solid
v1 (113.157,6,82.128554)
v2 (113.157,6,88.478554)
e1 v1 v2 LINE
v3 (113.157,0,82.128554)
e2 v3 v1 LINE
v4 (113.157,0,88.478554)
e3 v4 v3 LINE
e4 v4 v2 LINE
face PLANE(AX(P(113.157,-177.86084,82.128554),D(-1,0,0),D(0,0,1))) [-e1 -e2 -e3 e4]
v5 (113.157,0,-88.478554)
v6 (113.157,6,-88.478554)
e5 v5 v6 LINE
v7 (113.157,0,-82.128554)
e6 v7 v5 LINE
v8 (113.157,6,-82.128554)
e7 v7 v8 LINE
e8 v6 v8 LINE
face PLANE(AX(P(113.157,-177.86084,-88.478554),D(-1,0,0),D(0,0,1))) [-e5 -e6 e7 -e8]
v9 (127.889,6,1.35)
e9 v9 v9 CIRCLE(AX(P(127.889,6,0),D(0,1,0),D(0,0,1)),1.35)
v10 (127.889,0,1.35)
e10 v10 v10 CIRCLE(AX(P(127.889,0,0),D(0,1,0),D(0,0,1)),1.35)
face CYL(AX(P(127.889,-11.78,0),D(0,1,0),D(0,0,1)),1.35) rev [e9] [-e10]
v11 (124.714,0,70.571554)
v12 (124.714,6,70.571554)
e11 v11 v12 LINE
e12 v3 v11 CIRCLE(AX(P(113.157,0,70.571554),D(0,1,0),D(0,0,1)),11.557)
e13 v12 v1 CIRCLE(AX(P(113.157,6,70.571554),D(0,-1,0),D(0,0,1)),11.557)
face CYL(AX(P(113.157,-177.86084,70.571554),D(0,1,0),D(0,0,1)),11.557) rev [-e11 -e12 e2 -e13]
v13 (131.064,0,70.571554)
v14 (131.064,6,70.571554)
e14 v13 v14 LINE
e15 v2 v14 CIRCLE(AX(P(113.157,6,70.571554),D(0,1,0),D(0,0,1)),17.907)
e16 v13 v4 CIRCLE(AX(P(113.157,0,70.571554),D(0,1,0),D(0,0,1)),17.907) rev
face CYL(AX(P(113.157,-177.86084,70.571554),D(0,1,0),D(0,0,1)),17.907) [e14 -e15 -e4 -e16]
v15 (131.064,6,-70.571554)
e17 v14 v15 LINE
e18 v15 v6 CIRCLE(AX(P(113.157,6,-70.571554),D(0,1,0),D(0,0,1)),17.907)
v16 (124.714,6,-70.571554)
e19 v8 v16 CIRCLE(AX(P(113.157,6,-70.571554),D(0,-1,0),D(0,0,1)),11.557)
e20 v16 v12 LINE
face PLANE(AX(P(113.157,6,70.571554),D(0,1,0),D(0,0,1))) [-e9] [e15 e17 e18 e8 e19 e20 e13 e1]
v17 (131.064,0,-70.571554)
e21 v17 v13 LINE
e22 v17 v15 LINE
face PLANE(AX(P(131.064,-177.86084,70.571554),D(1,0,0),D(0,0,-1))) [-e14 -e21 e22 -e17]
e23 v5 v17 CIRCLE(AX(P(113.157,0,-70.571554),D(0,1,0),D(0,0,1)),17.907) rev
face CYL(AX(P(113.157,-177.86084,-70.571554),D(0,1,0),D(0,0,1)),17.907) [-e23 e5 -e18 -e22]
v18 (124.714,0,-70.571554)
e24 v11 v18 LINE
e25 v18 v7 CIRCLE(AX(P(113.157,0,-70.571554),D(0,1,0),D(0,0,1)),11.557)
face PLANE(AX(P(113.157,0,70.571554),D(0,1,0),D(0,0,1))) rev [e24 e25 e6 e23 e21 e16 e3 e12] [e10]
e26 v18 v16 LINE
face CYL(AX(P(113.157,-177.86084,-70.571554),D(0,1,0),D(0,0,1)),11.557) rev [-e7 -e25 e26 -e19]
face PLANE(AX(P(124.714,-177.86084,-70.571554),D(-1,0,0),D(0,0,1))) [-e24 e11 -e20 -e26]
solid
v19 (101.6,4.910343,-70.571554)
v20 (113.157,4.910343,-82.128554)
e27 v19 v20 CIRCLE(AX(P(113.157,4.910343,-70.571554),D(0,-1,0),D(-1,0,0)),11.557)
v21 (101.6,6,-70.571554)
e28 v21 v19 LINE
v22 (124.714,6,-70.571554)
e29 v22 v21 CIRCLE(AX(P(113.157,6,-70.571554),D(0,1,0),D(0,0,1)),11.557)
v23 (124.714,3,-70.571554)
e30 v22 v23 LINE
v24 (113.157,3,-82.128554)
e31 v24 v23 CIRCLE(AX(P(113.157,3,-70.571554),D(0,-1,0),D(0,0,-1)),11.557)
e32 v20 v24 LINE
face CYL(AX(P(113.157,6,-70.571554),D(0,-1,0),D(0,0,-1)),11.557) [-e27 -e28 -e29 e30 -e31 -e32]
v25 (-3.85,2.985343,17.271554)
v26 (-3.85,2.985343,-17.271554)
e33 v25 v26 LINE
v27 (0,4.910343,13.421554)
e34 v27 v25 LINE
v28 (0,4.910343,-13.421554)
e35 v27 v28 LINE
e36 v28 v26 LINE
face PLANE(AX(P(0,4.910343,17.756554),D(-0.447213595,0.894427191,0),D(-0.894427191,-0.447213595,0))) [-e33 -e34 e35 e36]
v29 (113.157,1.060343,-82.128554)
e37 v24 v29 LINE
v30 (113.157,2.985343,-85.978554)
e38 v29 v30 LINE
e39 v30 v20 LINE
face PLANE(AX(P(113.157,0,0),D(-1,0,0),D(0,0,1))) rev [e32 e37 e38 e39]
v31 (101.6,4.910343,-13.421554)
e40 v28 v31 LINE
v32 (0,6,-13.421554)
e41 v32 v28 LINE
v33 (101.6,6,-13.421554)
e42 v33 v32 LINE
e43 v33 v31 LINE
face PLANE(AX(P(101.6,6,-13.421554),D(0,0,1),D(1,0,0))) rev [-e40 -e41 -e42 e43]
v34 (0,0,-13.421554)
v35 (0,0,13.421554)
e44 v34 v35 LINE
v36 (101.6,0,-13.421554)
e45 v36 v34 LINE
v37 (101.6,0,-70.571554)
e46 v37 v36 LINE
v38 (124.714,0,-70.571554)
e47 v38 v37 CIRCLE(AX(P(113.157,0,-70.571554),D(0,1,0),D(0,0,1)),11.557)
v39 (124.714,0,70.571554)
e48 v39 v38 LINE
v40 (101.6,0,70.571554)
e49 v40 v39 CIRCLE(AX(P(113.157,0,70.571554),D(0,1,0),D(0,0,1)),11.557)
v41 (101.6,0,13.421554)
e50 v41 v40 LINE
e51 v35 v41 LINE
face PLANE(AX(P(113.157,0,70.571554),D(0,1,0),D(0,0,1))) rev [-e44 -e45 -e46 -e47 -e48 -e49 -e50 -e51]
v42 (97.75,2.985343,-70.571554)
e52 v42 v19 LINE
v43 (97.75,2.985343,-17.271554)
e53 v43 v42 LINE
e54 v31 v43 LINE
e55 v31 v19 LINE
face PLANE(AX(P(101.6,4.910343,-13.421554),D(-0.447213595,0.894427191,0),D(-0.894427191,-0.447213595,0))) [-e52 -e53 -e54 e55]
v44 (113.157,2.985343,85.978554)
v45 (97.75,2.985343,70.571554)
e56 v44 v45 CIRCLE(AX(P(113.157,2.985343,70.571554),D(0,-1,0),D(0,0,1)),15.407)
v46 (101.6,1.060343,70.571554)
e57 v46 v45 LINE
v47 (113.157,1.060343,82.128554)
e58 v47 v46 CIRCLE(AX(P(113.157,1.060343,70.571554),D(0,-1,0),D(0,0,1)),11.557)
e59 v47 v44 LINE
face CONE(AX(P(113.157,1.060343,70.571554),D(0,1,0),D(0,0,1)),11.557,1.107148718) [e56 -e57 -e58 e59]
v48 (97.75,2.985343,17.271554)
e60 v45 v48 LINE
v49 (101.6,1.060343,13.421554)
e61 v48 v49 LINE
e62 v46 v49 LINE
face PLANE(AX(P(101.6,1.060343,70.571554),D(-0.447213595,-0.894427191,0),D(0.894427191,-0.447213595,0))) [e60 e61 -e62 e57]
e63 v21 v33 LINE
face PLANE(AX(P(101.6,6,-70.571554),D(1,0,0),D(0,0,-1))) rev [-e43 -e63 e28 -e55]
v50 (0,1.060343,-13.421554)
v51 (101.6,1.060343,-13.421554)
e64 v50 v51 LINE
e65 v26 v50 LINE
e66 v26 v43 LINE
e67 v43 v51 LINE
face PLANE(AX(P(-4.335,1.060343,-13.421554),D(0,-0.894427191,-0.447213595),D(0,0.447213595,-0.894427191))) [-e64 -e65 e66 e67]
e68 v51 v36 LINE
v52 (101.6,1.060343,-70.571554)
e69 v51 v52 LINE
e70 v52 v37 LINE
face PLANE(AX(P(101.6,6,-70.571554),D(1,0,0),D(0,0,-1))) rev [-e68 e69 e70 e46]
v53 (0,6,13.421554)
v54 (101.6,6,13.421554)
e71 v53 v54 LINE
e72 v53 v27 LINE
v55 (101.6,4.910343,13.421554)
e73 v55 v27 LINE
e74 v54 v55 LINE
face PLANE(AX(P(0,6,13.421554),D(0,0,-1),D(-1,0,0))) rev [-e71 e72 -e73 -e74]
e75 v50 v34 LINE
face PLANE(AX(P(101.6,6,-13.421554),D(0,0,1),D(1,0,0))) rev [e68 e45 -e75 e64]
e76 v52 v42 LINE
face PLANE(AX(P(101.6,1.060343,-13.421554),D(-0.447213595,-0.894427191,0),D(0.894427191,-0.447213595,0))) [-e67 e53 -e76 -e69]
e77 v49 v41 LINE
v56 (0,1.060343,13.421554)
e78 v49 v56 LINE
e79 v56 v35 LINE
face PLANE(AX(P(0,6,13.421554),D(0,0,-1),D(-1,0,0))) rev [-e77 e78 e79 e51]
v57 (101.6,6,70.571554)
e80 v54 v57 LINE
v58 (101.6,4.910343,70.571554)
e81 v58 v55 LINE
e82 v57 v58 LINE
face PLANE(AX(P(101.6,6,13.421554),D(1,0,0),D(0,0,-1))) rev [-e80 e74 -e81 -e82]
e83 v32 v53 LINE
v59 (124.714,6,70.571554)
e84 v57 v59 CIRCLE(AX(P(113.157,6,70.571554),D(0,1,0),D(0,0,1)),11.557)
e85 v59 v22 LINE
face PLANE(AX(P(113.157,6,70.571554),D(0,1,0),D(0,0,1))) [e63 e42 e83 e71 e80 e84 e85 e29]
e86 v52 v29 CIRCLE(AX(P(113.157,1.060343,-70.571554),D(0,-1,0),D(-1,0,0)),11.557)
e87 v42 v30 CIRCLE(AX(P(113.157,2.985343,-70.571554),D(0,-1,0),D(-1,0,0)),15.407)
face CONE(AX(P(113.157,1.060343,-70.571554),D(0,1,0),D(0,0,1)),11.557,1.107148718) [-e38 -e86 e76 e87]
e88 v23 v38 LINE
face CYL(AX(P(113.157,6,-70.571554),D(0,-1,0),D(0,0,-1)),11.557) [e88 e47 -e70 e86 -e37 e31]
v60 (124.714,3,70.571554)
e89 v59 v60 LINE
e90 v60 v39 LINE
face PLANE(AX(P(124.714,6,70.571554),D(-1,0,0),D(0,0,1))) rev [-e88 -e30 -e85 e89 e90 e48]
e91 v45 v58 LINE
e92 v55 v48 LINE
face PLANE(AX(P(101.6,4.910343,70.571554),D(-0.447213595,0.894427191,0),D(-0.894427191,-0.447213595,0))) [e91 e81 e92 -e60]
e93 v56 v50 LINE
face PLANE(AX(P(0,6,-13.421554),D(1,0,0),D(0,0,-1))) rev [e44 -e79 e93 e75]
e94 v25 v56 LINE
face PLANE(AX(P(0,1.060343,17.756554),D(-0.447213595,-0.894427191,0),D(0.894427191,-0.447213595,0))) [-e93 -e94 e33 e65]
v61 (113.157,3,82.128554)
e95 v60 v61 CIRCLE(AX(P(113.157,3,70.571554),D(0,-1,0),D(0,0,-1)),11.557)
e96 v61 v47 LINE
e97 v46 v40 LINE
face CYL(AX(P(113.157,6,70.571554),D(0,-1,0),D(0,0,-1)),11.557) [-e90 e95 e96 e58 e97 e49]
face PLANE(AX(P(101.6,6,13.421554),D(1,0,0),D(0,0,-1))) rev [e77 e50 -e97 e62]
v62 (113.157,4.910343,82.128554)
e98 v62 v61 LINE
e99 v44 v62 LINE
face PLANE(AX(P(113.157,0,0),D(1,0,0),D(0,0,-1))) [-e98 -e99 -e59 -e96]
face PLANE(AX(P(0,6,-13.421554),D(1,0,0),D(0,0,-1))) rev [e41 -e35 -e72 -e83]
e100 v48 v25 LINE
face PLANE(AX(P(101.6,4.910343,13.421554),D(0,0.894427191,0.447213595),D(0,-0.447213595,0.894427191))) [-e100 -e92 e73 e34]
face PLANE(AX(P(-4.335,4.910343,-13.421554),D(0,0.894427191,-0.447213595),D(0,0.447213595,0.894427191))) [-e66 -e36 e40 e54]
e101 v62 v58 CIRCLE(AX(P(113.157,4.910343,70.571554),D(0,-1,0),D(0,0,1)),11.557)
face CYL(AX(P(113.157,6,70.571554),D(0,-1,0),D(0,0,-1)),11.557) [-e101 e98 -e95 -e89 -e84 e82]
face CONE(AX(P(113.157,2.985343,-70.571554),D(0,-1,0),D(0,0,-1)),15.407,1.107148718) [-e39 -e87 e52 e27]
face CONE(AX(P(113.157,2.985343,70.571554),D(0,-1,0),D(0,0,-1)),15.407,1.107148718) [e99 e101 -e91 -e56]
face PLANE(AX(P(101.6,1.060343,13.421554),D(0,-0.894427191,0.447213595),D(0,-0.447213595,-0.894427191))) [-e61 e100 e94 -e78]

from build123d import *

# Parameters (mm, degrees)
BOSS_EXTRUDE1_DEPTH = 6
BOSS_EXTRUDE2_DEPTH = 6
SKETCH6_R           = 1.35
CUT_EXTRUDE1_DEPTH  = 17.78


with BuildPart() as part:
    # Sketch1 → Boss-Extrude1 (new body)
    with BuildSketch(Plane(origin=(0, 0, 0), x_dir=(1, 0, 0), z_dir=(0, 1, 0))):
        with BuildLine():
            Line((0, -13.421553628), (101.6, -13.421553628))
            Line((101.6, -13.421553628), (101.6, -70.571553628))
            ThreePointArc((101.6, -70.571553628), (113.157, -82.128553628), (124.714, -70.571553628))
            Line((124.714, -70.571553628), (124.714, 70.571553628))
            ThreePointArc((124.714, 70.571553628), (113.157, 82.128553628), (101.6, 70.571553628))
            Line((101.6, 70.571553628), (101.6, 13.421553628))
            Line((101.6, 13.421553628), (0, 13.421553628))
            Line((0, 13.421553628), (0, -13.421553628))
        make_face()
    extrude(amount=BOSS_EXTRUDE1_DEPTH)

    # Sweep1: sweep along a curve in space
    with BuildLine() as sweep1_path:
        ThreePointArc((113.157, 3, 82.128553628), (104.98496693, 3, 78.743586698), (101.6, 3, 70.571553628))
        Line((101.6, 3, 70.571553628), (101.6, 3, 13.421553628))
        Line((101.6, 3, 13.421553628), (0, 3, 13.421553628))
        Line((0, 3, 13.421553628), (0, 3, -13.421553628))
        Line((0, 3, -13.421553628), (101.6, 3, -13.421553628))
        Line((101.6, 3, -13.421553628), (101.6, 3, -70.571553628))
        ThreePointArc((101.6, 3, -70.571553628), (104.98496693, 3, -78.743586698), (113.157, 3, -82.128553628))
    # Sketch4 → Sweep1 (sweep)
    with BuildSketch(Plane(origin=(113.157, 0, 0), x_dir=(0, 0, -1), z_dir=(1, 0, 0))):
        Polygon((82.128553628, 4.910343042), (82.128553628, 1.060343042), (85.978553628, 2.985343042), align=None)
    sweep(path=sweep1_path.line, transition=Transition.RIGHT)


with BuildPart() as body_2:
    # Sketch5 → Boss-Extrude2 (new body)
    with BuildSketch(Plane(origin=(0, 6, 0), x_dir=(1, 0, 0), z_dir=(0, 1, 0))):
        with BuildLine():
            Line((131.064, -70.571553628), (131.064, 70.571553628))
            ThreePointArc((131.064, 70.571553628), (125.819161131, 83.233714759), (113.157, 88.478553628))
            Line((113.157, 88.478553628), (113.157, 82.128553628))
            ThreePointArc((113.157, 82.128553628), (121.32903307, 78.743586698), (124.714, 70.571553628))
            Line((124.714, 70.571553628), (124.714, -70.571553628))
            ThreePointArc((124.714, -70.571553628), (121.32903307, -78.743586698), (113.157, -82.128553628))
            Line((113.157, -82.128553628), (113.157, -88.478553628))
            ThreePointArc((113.157, -88.478553628), (125.819161131, -83.233714759), (131.064, -70.571553628))
        make_face()
    extrude(amount=-BOSS_EXTRUDE2_DEPTH)

    # Sketch6 → Cut-Extrude1 (cut)
    with BuildSketch(Plane(origin=(0, 6, 0), x_dir=(1, 0, 0), z_dir=(0, 1, 0))):
        with Locations(Location((127.889, 0, 0), (0, 0, 270))):
            Circle(SKETCH6_R)
    extrude(amount=-CUT_EXTRUDE1_DEPTH, mode=Mode.SUBTRACT)


solid = Compound([part.part, body_2.part])
